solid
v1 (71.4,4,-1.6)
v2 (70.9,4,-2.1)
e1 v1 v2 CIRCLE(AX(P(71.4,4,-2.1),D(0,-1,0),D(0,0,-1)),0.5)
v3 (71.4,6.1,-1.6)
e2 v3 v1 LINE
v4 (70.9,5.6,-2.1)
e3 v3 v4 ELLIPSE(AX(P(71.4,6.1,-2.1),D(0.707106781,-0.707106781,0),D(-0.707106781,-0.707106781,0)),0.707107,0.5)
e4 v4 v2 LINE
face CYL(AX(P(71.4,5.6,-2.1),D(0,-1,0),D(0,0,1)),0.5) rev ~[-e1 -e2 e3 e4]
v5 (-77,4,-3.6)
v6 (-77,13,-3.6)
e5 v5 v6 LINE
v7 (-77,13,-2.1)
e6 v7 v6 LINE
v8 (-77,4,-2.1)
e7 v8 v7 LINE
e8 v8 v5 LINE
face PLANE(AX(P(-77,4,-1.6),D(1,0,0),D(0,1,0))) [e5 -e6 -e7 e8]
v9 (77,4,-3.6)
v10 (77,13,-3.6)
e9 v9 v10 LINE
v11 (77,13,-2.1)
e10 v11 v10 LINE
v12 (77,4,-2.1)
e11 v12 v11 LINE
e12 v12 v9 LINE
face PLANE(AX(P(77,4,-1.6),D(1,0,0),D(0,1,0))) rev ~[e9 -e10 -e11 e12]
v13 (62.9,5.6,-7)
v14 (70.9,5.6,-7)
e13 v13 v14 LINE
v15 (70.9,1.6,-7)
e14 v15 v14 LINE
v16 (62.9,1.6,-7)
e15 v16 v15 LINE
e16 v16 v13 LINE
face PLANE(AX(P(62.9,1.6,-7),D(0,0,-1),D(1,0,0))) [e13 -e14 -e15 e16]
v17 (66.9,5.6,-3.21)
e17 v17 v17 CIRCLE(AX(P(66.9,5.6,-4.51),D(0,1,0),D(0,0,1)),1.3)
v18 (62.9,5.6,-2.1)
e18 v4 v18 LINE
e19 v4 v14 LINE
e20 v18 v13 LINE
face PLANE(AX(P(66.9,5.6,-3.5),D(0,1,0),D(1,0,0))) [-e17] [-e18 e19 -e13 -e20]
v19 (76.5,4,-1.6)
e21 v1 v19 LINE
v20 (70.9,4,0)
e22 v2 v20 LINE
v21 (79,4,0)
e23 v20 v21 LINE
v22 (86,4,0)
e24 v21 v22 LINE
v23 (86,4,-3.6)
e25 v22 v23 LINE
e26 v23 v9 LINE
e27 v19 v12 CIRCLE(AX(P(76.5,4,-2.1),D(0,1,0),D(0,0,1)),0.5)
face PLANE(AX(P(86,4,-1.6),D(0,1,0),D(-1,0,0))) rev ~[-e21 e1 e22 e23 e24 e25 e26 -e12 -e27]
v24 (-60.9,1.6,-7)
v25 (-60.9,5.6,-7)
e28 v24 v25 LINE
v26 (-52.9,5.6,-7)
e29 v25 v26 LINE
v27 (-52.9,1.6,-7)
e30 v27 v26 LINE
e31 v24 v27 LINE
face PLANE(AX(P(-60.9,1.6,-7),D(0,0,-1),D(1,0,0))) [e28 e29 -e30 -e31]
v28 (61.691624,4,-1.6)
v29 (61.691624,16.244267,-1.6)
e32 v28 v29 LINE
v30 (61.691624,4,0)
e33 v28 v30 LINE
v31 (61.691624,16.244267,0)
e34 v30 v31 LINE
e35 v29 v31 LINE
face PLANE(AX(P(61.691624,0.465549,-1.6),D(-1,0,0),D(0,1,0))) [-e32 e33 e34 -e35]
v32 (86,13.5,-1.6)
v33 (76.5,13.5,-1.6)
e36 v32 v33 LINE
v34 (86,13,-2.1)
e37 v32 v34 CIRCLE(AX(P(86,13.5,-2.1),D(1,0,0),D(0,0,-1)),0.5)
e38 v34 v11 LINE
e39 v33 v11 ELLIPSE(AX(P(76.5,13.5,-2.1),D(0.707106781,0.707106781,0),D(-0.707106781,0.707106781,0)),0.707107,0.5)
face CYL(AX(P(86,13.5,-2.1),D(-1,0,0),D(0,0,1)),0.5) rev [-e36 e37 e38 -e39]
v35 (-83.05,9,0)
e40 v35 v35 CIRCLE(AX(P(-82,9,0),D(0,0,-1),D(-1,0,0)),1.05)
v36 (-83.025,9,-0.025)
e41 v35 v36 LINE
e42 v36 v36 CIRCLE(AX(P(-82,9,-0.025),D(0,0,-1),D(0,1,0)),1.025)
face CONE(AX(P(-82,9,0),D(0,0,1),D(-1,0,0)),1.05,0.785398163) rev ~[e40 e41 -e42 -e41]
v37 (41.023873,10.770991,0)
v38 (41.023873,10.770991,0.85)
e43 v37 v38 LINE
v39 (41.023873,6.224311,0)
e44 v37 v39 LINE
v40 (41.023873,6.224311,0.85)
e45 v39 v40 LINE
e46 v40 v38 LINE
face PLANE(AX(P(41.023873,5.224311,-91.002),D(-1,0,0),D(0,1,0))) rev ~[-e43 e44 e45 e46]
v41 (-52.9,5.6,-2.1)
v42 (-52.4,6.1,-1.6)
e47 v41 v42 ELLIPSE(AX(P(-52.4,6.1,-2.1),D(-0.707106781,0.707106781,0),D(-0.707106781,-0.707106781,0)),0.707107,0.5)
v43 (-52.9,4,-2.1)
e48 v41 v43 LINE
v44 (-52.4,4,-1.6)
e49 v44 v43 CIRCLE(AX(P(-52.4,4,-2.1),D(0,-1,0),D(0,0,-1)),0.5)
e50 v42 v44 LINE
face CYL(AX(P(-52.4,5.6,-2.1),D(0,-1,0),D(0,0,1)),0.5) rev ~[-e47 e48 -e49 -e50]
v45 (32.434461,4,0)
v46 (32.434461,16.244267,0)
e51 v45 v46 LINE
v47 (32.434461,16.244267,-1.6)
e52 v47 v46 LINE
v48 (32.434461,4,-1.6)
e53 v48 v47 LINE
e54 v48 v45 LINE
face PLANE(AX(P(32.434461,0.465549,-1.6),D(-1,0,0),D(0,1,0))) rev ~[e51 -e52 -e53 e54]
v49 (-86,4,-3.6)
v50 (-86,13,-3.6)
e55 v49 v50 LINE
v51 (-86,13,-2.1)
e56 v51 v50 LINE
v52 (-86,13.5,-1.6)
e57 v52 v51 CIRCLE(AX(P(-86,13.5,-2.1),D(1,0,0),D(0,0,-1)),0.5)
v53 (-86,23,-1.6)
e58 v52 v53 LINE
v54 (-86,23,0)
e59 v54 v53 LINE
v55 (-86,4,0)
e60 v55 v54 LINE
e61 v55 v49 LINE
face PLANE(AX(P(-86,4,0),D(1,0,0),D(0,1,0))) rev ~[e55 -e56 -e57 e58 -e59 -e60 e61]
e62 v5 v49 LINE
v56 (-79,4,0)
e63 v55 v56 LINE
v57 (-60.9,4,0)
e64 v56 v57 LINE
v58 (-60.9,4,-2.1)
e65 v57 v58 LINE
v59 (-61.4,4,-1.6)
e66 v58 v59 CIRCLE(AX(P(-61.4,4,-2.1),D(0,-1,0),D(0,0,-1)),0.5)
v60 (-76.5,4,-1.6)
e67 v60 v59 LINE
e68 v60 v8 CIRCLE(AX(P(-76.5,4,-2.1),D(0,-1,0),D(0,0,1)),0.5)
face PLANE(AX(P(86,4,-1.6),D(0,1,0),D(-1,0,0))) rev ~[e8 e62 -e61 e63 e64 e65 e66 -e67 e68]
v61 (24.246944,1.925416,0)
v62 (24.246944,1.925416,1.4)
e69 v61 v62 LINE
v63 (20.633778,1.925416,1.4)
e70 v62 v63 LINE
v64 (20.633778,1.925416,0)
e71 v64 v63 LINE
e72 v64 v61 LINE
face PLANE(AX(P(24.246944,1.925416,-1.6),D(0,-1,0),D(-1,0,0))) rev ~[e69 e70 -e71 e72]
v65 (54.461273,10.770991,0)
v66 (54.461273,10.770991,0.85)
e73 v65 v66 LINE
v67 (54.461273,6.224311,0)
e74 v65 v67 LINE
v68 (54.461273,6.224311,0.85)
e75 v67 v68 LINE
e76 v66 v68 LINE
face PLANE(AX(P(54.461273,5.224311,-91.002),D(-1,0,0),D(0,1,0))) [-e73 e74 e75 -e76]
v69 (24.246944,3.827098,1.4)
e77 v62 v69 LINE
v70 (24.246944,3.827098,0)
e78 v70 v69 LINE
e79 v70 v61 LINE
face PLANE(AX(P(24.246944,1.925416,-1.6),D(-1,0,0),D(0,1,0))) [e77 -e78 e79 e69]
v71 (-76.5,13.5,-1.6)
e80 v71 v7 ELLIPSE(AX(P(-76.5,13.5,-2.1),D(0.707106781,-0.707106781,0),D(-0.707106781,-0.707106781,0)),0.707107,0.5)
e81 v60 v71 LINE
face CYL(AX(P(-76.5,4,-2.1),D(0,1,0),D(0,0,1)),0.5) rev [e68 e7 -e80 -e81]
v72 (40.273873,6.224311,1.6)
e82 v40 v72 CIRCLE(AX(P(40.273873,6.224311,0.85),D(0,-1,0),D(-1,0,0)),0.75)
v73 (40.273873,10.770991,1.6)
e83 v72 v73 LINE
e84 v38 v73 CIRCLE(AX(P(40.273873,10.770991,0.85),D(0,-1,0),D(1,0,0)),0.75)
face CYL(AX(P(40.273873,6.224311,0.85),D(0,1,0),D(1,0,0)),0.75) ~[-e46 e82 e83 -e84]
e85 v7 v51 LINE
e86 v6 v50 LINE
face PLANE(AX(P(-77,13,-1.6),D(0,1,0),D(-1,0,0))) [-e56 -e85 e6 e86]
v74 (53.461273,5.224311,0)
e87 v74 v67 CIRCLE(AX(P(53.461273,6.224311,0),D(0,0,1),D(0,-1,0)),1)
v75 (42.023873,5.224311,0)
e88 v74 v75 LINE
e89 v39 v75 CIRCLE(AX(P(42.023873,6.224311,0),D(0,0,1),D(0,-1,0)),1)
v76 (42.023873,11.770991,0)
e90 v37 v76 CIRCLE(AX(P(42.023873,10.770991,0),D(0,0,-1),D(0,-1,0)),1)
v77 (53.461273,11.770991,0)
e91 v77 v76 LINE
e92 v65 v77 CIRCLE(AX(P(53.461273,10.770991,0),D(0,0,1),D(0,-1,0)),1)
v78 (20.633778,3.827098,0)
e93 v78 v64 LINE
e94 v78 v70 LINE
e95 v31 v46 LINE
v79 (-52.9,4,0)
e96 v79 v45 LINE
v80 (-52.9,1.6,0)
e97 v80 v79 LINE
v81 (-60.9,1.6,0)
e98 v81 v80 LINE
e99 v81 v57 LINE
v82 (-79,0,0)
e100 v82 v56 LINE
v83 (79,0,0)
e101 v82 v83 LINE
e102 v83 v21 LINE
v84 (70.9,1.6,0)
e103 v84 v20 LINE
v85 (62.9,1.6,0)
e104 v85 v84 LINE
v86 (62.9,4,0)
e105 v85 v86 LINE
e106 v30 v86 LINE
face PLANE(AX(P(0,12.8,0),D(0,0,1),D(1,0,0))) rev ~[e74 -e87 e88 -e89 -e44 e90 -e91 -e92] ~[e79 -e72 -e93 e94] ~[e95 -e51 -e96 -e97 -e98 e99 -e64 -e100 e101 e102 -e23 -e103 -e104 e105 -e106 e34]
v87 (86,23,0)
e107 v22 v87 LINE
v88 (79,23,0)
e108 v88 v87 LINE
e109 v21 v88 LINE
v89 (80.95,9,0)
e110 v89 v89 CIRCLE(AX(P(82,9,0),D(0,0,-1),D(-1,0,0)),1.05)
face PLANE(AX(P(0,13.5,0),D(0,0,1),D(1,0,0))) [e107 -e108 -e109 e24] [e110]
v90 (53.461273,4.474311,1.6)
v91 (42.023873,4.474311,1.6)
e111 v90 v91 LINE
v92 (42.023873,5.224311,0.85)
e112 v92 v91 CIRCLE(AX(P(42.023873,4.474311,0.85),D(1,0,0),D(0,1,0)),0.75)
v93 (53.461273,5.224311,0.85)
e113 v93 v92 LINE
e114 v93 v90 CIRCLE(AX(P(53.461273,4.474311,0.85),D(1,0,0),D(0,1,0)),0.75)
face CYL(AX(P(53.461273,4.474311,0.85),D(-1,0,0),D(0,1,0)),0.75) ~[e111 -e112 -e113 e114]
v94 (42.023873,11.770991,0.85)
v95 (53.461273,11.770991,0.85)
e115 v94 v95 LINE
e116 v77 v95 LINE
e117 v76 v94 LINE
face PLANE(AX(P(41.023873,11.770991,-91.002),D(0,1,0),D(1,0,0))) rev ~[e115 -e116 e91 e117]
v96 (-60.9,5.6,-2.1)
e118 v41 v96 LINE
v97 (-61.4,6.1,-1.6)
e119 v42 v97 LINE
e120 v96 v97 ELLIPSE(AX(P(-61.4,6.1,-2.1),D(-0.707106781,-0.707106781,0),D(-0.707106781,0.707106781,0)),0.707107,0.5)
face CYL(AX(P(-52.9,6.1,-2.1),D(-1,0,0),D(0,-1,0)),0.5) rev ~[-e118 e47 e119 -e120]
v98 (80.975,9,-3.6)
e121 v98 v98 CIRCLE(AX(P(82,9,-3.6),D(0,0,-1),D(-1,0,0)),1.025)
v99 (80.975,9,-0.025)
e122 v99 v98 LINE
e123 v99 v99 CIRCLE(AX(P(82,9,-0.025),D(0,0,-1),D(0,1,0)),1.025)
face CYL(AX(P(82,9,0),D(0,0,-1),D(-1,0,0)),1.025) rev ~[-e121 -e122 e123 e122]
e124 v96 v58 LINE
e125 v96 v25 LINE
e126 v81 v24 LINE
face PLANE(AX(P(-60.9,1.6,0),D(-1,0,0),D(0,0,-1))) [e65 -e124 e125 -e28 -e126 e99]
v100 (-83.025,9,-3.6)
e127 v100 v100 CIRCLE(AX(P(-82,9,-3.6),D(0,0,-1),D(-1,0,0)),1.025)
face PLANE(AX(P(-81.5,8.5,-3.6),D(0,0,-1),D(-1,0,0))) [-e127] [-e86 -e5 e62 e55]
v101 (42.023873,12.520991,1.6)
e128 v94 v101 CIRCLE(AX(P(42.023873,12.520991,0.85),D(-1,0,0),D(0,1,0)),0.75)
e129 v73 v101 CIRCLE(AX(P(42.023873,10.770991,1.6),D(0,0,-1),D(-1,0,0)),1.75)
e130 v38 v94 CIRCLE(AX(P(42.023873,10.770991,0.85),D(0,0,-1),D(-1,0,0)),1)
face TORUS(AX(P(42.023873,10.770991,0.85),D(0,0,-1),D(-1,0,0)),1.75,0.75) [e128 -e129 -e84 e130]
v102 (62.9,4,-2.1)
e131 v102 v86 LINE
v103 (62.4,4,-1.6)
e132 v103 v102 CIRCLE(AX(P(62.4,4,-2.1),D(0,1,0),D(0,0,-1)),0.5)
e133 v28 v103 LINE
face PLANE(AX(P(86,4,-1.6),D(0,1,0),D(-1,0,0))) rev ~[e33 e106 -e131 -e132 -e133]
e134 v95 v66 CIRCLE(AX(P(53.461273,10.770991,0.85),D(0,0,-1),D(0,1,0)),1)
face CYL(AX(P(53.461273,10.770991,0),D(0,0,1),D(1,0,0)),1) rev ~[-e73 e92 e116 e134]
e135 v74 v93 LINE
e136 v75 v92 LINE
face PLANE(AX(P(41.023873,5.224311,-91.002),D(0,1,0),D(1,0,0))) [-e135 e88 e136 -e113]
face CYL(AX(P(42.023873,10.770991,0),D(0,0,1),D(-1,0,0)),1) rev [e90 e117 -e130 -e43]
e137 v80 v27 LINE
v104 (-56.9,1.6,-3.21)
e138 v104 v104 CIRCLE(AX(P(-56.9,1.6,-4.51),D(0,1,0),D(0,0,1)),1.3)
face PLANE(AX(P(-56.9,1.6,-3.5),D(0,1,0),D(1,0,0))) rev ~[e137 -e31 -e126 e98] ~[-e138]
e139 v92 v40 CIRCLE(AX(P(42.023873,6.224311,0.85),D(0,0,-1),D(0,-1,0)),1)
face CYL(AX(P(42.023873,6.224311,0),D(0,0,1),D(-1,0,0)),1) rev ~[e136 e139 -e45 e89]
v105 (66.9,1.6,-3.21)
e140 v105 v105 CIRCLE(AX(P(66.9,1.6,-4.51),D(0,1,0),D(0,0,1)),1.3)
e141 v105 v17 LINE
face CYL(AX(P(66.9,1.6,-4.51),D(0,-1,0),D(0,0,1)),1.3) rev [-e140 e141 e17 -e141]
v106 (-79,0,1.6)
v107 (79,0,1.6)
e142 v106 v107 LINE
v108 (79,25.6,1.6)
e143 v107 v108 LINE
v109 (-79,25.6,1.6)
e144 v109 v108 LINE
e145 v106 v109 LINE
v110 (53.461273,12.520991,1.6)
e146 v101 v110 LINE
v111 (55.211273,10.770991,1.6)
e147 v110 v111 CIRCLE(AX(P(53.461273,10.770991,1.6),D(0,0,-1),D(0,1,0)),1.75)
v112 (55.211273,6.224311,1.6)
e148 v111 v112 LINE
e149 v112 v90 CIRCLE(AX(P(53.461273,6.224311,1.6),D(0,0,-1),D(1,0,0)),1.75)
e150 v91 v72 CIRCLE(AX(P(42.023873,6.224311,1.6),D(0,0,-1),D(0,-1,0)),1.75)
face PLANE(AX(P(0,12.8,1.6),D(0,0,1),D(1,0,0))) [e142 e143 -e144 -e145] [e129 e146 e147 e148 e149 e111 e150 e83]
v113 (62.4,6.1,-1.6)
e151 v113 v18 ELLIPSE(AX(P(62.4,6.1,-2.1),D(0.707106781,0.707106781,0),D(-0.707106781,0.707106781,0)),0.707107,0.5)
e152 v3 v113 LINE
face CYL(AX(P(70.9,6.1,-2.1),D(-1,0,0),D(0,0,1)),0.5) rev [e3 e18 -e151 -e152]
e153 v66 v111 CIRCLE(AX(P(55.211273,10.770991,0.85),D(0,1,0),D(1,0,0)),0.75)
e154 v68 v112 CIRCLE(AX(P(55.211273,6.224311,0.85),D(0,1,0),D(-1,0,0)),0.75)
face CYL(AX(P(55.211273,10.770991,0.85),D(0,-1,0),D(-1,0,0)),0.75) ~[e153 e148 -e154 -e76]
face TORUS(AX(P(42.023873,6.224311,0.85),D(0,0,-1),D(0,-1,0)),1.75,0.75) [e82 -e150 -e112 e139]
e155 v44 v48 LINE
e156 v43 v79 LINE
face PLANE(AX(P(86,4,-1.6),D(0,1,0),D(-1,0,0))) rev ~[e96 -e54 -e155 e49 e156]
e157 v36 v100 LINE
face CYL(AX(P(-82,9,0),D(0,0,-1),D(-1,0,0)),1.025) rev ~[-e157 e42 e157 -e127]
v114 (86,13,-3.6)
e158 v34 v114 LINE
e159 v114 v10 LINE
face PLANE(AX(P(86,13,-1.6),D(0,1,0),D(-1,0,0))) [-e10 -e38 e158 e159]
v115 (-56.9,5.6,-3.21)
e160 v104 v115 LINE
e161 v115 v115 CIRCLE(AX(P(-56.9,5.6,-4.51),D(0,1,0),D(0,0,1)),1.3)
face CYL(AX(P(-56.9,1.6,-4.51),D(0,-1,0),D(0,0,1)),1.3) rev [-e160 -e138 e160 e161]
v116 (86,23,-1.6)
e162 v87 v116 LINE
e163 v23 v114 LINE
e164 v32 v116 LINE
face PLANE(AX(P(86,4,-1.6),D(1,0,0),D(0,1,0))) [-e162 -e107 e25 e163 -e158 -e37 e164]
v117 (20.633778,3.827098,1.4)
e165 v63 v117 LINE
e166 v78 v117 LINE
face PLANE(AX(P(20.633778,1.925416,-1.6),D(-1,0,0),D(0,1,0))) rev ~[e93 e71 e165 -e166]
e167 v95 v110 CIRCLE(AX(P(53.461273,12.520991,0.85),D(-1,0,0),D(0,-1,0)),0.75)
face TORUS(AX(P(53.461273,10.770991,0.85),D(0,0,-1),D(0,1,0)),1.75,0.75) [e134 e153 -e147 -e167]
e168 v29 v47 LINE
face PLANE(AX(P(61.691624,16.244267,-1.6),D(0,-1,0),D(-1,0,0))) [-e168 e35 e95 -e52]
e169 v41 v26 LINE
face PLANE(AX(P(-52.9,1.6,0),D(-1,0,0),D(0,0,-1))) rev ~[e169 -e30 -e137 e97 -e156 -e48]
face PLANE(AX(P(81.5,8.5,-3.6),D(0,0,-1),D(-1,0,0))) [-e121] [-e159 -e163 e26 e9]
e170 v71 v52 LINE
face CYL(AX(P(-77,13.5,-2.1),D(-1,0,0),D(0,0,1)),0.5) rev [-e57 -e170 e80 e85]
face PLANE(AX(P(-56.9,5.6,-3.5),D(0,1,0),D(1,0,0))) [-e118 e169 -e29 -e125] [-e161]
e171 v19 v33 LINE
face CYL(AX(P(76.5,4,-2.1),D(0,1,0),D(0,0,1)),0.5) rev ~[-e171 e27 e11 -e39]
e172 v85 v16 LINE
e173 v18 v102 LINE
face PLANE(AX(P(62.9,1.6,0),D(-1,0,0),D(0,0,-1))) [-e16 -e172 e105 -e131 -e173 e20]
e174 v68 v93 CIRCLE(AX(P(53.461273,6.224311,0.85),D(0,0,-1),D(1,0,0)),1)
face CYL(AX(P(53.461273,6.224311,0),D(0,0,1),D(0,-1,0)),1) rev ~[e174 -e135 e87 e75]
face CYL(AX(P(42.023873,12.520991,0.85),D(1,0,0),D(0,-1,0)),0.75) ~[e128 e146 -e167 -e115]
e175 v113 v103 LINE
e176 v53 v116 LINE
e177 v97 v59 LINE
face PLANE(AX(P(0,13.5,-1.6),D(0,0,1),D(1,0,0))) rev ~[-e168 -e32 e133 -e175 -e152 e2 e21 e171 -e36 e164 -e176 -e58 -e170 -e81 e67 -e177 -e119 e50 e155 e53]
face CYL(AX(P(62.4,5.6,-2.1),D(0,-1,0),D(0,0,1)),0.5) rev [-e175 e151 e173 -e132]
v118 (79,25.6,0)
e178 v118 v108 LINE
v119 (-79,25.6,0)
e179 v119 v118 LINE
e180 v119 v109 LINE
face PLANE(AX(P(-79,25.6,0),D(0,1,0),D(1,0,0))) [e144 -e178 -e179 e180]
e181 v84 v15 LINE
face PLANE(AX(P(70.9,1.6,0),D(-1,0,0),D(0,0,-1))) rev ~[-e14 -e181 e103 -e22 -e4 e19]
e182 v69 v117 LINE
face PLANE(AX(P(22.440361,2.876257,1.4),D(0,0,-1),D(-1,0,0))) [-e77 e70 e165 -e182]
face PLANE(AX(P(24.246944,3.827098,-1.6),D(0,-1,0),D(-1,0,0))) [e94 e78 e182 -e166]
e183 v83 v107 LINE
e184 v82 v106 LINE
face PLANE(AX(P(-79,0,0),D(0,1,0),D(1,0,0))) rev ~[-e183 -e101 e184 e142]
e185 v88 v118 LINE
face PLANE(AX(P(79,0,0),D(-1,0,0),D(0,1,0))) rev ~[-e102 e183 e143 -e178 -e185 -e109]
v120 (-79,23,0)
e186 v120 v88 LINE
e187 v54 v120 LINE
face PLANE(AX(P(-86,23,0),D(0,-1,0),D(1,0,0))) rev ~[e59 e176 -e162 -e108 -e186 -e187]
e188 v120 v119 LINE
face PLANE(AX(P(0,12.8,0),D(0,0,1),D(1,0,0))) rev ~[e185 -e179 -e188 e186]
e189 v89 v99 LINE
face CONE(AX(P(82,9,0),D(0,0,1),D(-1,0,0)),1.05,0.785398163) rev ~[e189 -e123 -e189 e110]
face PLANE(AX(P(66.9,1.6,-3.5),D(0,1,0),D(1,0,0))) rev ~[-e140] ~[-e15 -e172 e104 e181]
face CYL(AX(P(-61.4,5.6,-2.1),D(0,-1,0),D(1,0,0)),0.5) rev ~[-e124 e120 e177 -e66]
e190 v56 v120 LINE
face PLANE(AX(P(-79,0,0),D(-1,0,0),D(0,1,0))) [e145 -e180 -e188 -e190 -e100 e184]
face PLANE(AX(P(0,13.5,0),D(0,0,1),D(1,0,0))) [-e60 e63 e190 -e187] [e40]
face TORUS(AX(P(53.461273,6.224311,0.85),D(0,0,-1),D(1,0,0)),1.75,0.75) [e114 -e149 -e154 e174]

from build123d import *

# Parameters (mm, degrees)
SKETCH1_W                                = 158
SKETCH1_H                                = 25.6
PRIMARY_BACKPLATE_DEPTH                  = 1.6
SKETCH2_W                                = 172
SKETCH2_H                                = 19
PLATE_THICKENER_DEPTH                    = 1.6
SKETCH13_W                               = 9
SKETCH13_H                               = 9
THICKER_REAR_BOLT_BLOCKS_DEPTH           = 2
TAP_DRILL_FOR_M2_5X0_45_TAP3_D           = 2.05
TAP_DRILL_FOR_M2_5X0_45_TAP3_CSINK_D     = 2.1
TAP_DRILL_FOR_M2_5X0_45_TAP3_CSINK_ANGLE = 90
SKETCH7_W                                = 8
SKETCH7_H                                = 7
SKETCH7_R                                = 1.3
MOUNTING_BOSSES_DEPTH                    = 4
MOUNTING_BOSSES_2_DEPTH                  = 4
USB_HOLE_DEPTH                           = 91.001999978
USB_HOLE_DEPTH_BACK                      = 91.001999978
SKETCH8_W                                = 13.43739998
SKETCH8_H                                = 6.546680298
FILLET1_R                                = 0.5
SKETCH9_W                                = 29.257163278
SKETCH9_H                                = 15.778717932
MODULE_RELIEF_DEPTH                      = 1.6
FILLET2_R                                = 1
FILLET3_R                                = 0.75
SKETCH12_W                               = 3.613166431
SKETCH12_H                               = 1.901681258
LED_HOLE_DEPTH                           = 3


with BuildPart() as part:
    # Sketch1 → Primary backplate (new body)
    with BuildSketch(Plane.XY):
        with Locations((0, 12.8)):
            Rectangle(SKETCH1_W, SKETCH1_H)
    extrude(amount=PRIMARY_BACKPLATE_DEPTH)

    # Sketch2 → Plate thickener (add)
    with BuildSketch(Plane.XY):
        with Locations((0, 13.5)):
            Rectangle(SKETCH2_W, SKETCH2_H)
    extrude(amount=-PLATE_THICKENER_DEPTH)

    # Sketch13 → Thicker rear bolt blocks (add)
    with BuildSketch(Plane(origin=(0, 0, -1.6), x_dir=(-1, 0, 0), z_dir=(0, 0, -1))):
        with Locations((-81.5, 8.5)):
            Rectangle(SKETCH13_W, SKETCH13_H)
        with Locations((81.5, 8.5)):
            Rectangle(SKETCH13_W, SKETCH13_H)
    extrude(amount=THICKER_REAR_BOLT_BLOCKS_DEPTH)

    # Tap Drill for M2.5x0.45 Tap3 (through all)
    with Locations(Plane(origin=(-82, 9, 0), x_dir=(1, 0, 0), z_dir=(0, 0, 1))):
        with Locations((0, 0), (164, 0)):
            CounterSinkHole(TAP_DRILL_FOR_M2_5X0_45_TAP3_D / 2, TAP_DRILL_FOR_M2_5X0_45_TAP3_CSINK_D / 2, counter_sink_angle=TAP_DRILL_FOR_M2_5X0_45_TAP3_CSINK_ANGLE)

    # Sketch8 → USB hole (cut, two sides: drawn at the far end of the back side and taken through both)
    with BuildSketch(Plane.XY.offset(-USB_HOLE_DEPTH_BACK)):
        with Locations((47.742572722, 8.497650706)):
            Rectangle(SKETCH8_W, SKETCH8_H)
    extrude(amount=USB_HOLE_DEPTH + USB_HOLE_DEPTH_BACK, mode=Mode.SUBTRACT)


with BuildPart() as body_2:
    # Sketch7 → Mounting bosses (new body)
    with BuildSketch(Plane(origin=(0, 1.6, 0), x_dir=(1, 0, 0), z_dir=(0, 1, 0))):
        with Locations((-56.9, 3.5)):
            Rectangle(SKETCH7_W, SKETCH7_H)
        with Locations(Location((-56.9, 4.51, 0), (0, 0, 270))):
            Circle(SKETCH7_R, mode=Mode.SUBTRACT)
    extrude(amount=MOUNTING_BOSSES_DEPTH)


with BuildPart() as body_3:
    # Sketch7 → Mounting bosses 2 (new body)
    with BuildSketch(Plane(origin=(0, 1.6, 0), x_dir=(1, 0, 0), z_dir=(0, 1, 0))):
        with Locations((66.9, 3.5)):
            Rectangle(SKETCH7_W, SKETCH7_H)
        with Locations(Location((66.9, 4.51, 0), (0, 0, 270))):
            Circle(SKETCH7_R, mode=Mode.SUBTRACT)
    extrude(amount=MOUNTING_BOSSES_2_DEPTH)


with BuildPart() as part_1:
    add(part.part)

    # Combine1: union body 3, body 2
    add(body_3.part)
    add(body_2.part)

    # Fillet1
    fillet1_edges = [part_1.edges().sort_by_distance(p)[0] for p in [
        (-56.9, 5.6, -1.6),
        (66.9, 5.6, -1.6),
        (70.9, 4.8, -1.6),
        (62.9, 4.8, -1.6),
        (-60.9, 4.8, -1.6),
        (-52.9, 4.8, -1.6),
        (77, 8.5, -1.6),
        (81.5, 13, -1.6),
        (-81.5, 13, -1.6),
        (-77, 8.5, -1.6),
    ]]
    fillet(fillet1_edges, radius=FILLET1_R)

    # Sketch9 → module relief (cut)
    with BuildSketch(Plane(origin=(0, 0, -1.6), x_dir=(-1, 0, 0), z_dir=(0, 0, -1))):
        with Locations((-47.06304244, 8.354907592)):
            Rectangle(SKETCH9_W, SKETCH9_H)
    extrude(amount=-MODULE_RELIEF_DEPTH, mode=Mode.SUBTRACT)

    # Fillet2
    fillet2_edges = [part_1.edges().sort_by_distance(p)[0] for p in [
        (54.461272712, 11.770990855, 0.8),
        (41.023872732, 11.770990855, 0.8),
        (41.023872732, 5.224310557, 0.8),
        (54.461272712, 5.224310557, 0.8),
    ]]
    fillet(fillet2_edges, radius=FILLET2_R)

    # Fillet3
    fillet3_edges = [part_1.edges().sort_by_distance(p)[0] for p in [
        (47.742572722, 5.224310557, 1.6),
        (41.023872732, 8.497650706, 1.6),
        (54.461272712, 8.497650706, 1.6),
        (47.742572722, 11.770990855, 1.6),
        (41.31676595, 5.517203775, 1.6),
        (54.168379493, 5.517203775, 1.6),
        (54.168379493, 11.478097636, 1.6),
        (41.31676595, 11.478097636, 1.6),
    ]]
    fillet(fillet3_edges, radius=FILLET3_R)

    # Sketch12 → LED hole (cut)
    with BuildSketch(Plane(origin=(0, 0, -1.6), x_dir=(-1, 0, 0), z_dir=(0, 0, -1))):
        with Locations((-22.440360865, 2.876256908)):
            Rectangle(SKETCH12_W, SKETCH12_H)
    extrude(amount=-LED_HOLE_DEPTH, mode=Mode.SUBTRACT)


solid = part_1.part
